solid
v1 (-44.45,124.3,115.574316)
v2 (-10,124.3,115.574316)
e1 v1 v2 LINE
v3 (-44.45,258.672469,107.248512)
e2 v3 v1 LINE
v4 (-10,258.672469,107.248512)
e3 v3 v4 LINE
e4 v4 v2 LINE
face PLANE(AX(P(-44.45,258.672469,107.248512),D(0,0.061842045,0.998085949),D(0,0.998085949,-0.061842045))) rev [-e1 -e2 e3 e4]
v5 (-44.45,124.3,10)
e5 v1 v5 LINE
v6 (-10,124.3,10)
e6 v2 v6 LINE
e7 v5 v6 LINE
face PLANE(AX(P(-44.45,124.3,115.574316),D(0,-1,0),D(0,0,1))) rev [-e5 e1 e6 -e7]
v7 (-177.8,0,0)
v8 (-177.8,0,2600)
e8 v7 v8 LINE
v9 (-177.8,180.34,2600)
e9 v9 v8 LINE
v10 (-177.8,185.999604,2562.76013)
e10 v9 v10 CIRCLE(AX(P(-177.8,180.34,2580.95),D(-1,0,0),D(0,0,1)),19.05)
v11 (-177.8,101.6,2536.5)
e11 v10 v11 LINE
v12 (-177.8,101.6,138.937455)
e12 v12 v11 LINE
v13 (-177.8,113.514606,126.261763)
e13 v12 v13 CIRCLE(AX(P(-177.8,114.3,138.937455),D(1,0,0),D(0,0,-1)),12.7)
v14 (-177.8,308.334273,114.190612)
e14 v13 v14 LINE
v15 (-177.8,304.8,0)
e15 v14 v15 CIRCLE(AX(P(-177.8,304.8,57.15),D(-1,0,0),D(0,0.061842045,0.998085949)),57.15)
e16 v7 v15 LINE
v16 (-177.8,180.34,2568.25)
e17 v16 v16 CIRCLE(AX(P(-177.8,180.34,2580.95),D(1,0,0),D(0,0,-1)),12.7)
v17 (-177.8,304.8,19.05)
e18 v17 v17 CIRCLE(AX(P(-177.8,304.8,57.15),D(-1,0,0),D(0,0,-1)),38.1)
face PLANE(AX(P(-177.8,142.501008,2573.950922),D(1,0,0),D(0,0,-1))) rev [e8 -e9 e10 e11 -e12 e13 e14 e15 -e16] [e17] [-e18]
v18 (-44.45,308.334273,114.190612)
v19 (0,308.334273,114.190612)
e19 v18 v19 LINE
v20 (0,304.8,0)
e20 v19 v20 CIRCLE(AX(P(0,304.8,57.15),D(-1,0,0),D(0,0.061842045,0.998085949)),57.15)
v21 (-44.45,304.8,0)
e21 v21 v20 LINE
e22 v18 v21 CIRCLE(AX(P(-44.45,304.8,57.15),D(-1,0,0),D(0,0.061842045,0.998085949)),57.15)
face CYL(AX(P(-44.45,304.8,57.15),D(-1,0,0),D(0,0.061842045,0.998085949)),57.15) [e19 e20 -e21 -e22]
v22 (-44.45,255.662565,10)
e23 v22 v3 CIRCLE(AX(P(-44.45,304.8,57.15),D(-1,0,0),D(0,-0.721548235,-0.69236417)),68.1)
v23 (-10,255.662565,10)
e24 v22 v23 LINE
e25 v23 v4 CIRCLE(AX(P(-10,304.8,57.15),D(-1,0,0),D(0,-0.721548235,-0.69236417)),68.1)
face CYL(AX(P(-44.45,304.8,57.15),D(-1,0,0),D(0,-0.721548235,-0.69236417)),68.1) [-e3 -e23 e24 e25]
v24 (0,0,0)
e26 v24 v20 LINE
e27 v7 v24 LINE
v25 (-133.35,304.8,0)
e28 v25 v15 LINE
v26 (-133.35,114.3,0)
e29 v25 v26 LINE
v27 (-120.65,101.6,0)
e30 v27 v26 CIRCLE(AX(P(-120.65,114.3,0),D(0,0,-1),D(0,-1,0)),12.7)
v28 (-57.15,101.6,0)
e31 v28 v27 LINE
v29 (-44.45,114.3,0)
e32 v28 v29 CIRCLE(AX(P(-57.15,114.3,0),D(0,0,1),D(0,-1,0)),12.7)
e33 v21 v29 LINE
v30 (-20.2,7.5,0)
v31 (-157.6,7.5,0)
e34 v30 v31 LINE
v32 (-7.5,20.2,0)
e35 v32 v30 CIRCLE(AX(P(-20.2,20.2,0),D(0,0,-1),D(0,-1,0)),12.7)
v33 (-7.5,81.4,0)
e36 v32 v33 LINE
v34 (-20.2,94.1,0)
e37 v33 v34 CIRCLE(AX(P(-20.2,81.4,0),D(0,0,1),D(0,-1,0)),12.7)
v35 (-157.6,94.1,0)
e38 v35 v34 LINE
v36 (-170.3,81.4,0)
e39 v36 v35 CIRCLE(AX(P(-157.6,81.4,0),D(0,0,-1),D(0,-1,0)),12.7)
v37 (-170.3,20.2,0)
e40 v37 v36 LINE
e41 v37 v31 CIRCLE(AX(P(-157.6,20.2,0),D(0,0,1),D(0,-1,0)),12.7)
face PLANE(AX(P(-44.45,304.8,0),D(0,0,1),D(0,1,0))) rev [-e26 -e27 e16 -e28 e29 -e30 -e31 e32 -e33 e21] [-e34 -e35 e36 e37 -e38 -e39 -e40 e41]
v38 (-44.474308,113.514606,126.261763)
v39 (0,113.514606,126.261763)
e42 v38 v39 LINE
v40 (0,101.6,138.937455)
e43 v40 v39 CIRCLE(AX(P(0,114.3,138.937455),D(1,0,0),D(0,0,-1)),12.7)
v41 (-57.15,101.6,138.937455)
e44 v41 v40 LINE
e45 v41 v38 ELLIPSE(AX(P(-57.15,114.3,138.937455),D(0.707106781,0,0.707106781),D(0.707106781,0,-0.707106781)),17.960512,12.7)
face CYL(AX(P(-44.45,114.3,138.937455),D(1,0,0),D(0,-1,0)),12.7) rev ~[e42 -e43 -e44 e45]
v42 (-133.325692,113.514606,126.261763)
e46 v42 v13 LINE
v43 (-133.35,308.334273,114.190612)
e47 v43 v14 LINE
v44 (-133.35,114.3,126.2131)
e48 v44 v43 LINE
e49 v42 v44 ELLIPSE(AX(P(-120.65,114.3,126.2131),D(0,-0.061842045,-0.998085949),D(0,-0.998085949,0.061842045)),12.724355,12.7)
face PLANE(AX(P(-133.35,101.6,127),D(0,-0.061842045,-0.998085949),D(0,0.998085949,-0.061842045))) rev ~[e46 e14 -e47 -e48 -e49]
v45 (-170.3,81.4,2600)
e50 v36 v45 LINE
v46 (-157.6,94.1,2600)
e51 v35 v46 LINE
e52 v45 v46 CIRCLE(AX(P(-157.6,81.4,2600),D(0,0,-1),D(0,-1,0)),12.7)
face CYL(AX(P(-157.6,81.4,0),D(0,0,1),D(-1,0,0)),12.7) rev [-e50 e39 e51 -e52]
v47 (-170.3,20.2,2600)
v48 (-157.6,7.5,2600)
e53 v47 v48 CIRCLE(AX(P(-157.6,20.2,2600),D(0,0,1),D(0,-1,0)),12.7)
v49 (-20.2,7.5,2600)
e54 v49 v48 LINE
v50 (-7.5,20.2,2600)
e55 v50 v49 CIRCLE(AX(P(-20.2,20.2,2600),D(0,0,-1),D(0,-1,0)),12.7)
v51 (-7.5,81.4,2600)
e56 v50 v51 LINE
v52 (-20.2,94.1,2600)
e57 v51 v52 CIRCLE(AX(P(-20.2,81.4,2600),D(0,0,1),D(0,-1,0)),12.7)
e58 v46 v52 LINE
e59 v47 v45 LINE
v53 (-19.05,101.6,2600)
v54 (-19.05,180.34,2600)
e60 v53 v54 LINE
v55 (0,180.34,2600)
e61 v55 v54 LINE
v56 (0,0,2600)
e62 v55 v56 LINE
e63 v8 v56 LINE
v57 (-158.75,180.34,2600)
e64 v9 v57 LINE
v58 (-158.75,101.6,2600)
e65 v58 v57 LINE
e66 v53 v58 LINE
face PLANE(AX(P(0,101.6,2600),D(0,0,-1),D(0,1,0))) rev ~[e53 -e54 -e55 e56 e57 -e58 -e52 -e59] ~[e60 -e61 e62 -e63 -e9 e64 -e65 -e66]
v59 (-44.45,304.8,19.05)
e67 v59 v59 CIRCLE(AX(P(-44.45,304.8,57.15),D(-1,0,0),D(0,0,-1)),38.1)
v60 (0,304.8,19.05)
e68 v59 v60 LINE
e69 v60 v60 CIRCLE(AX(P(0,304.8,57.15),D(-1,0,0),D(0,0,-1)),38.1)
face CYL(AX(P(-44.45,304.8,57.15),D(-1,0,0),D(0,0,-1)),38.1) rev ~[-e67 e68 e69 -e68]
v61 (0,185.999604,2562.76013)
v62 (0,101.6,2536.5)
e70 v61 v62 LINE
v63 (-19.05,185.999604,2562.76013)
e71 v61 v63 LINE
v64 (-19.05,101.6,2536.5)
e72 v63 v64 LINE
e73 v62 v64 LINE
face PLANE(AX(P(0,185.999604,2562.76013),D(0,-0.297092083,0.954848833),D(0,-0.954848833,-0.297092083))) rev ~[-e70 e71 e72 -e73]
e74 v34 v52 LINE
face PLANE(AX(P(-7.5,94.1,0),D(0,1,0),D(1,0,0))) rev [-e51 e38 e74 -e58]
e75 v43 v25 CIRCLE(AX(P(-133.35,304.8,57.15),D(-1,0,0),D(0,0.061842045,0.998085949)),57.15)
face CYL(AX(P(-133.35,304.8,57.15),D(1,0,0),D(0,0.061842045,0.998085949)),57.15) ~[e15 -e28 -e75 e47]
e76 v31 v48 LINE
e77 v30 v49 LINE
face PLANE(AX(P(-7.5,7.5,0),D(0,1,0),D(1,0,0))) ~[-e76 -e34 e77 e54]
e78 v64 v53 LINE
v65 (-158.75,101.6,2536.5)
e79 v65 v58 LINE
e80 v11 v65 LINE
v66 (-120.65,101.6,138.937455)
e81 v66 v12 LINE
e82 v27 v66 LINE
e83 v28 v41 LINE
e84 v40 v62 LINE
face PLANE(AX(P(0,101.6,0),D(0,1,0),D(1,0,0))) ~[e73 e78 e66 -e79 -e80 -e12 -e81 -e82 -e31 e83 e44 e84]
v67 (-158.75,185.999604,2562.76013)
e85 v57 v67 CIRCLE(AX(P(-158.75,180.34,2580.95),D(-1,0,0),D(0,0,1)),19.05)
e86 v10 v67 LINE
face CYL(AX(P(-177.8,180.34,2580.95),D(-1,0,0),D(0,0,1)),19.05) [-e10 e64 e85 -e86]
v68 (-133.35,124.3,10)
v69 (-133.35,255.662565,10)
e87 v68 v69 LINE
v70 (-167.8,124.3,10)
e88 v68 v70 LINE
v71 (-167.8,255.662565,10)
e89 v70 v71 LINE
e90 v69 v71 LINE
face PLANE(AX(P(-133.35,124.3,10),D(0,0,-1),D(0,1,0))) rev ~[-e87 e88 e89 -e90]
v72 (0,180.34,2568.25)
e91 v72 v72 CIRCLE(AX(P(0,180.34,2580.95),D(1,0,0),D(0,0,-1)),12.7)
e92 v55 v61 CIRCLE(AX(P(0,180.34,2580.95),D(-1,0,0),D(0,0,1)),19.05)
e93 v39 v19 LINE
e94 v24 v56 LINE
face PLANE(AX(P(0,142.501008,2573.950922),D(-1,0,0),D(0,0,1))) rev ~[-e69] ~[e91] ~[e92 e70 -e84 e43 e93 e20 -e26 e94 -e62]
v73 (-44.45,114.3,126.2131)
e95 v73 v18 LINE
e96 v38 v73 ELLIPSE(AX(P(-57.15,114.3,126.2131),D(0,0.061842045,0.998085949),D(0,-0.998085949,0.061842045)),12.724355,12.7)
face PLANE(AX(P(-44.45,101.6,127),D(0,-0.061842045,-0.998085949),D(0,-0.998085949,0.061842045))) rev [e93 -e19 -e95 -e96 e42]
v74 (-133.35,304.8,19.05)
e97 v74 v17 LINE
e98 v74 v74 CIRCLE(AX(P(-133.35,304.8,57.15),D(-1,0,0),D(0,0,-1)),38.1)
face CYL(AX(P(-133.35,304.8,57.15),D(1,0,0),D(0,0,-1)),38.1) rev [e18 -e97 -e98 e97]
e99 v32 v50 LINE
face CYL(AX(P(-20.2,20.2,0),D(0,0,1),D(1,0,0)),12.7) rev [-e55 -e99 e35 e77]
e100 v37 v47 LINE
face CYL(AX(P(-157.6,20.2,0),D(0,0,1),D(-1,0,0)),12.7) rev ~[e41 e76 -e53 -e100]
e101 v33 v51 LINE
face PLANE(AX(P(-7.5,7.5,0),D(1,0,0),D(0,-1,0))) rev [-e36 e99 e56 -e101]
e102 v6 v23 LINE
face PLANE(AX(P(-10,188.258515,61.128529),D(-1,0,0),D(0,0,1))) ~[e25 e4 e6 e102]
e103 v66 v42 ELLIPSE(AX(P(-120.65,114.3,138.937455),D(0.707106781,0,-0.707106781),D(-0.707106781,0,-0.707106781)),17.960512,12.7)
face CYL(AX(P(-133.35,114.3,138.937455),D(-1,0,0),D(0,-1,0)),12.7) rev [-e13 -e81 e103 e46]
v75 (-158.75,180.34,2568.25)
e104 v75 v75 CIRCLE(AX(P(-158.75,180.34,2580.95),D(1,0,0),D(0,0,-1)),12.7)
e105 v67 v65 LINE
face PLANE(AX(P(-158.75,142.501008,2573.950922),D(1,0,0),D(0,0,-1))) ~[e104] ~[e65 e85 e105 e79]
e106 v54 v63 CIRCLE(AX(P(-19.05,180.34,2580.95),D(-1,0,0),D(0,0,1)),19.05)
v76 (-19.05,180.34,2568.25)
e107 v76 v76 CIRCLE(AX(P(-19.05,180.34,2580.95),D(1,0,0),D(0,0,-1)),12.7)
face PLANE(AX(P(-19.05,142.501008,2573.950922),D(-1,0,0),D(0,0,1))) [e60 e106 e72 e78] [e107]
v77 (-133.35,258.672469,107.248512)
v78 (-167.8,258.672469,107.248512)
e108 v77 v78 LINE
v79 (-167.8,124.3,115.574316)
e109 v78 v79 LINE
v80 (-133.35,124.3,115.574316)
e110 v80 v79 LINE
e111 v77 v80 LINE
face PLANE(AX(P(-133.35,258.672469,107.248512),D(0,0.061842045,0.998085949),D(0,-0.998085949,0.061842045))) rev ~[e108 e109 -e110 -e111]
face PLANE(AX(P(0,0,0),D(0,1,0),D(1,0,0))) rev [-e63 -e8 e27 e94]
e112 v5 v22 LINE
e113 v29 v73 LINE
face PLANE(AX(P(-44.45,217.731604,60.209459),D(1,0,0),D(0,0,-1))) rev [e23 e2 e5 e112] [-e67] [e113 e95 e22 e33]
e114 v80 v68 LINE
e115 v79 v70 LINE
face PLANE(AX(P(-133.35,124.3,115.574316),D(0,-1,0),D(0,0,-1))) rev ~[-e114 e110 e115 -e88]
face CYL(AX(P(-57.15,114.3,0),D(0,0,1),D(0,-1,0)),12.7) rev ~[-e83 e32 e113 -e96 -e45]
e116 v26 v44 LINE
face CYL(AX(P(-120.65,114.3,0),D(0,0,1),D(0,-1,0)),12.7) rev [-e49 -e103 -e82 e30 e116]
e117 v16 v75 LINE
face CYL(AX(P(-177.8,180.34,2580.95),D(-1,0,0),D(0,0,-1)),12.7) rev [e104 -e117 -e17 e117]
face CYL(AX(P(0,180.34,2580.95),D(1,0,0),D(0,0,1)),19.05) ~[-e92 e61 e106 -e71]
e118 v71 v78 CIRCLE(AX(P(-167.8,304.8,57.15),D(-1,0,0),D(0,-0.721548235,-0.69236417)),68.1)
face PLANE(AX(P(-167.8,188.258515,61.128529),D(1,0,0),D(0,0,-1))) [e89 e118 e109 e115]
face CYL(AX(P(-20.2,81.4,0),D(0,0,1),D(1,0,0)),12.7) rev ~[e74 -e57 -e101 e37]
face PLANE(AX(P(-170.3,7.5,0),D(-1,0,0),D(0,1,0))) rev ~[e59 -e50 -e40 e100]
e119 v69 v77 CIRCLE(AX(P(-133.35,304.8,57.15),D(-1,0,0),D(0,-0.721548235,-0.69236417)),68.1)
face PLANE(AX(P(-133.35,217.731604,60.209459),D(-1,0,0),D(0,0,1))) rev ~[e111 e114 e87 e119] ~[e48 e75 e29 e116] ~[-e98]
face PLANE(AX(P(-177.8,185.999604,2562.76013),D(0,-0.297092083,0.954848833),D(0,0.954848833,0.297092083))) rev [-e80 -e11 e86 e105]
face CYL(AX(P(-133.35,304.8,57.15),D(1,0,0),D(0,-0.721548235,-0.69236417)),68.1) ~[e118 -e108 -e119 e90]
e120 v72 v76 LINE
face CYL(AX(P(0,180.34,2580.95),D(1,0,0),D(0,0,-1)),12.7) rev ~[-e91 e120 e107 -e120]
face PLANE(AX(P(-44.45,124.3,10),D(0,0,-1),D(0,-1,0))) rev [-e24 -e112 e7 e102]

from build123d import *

# Parameters (mm, degrees)
SKETCH2_W               = 177.8
SKETCH2_H               = 101.6
SKETCH2_W_2             = 162.8
SKETCH2_H_2             = 86.6
BOSS_EXTRUDE2_DEPTH     = 2600
SKETCH1_R               = 38.1
BOSS_EXTRUDE3_DEPTH     = 44.45
BOSS_EXTRUDE5_START     = -44.45
SKETCH3_R               = 38.1
BOSS_EXTRUDE5_DEPTH     = 44.45
FILLET1_R               = 12.7
FILLET2_R               = 12.7
SKETCH5_R               = 12.7
BOSS_EXTRUDE7_DEPTH     = 19.05
CUT_EXTRUDE1_DEPTH      = 34.45
CUT_EXTRUDE2_DEPTH      = 2620.044665999
CUT_EXTRUDE2_DEPTH_BACK = 2620.044665999
SKETCH9_W               = 88.9
SKETCH9_H               = 2600


with BuildPart() as part:
    # Sketch2 → Boss-Extrude2 (new body)
    with BuildSketch(Plane.XY):
        with Locations((-88.9, 50.8)):
            Rectangle(SKETCH2_W, SKETCH2_H)
        with Locations((-88.9, 50.8)):
            Rectangle(SKETCH2_W_2, SKETCH2_H_2, mode=Mode.SUBTRACT)
    extrude(amount=BOSS_EXTRUDE2_DEPTH)

    # Sketch1 → Boss-Extrude3 (add)
    with BuildSketch(Plane(origin=(0, 0, 0), x_dir=(0, 0, -1), z_dir=(1, 0, 0))):
        with BuildLine():
            Line((-127, 101.6), (0, 101.6))
            Line((0, 101.6), (0, 304.8))
            ThreePointArc((0, 304.8), (-55.382017361, 361.922646449), (-114.190611982, 308.334272869))
            Line((-114.190611982, 308.334272869), (-127, 101.6))
        make_face()
        with Locations((-57.15, 304.8)):
            Circle(SKETCH1_R, mode=Mode.SUBTRACT)
    extrude(amount=-BOSS_EXTRUDE3_DEPTH)

    # Sketch3 → Boss-Extrude5 (add)
    with BuildSketch(Plane.ZY.offset(177.8).offset(BOSS_EXTRUDE5_START)):
        with BuildLine():
            Line((0, 304.8), (0, 101.6))
            Line((0, 101.6), (127, 101.6))
            Line((127, 101.6), (114.190611982, 308.334272869))
            ThreePointArc((114.190611982, 308.334272869), (55.382017361, 361.922646449), (0, 304.8))
        make_face()
        with Locations(Location((57.15, 304.8, 0), (0, 0, 180))):
            Circle(SKETCH3_R, mode=Mode.SUBTRACT)
    extrude(amount=BOSS_EXTRUDE5_DEPTH)

    # Fillet1
    fillet1_edges = [part.edges().sort_by_distance(p)[0] for p in [
        (-7.5, 94.1, 1300),
        (-170.3, 94.1, 1300),
        (-170.3, 7.5, 1300),
        (-7.5, 7.5, 1300),
    ]]
    fillet(fillet1_edges, radius=FILLET1_R)

    # Fillet2
    fillet2_edges = [part.edges().sort_by_distance(p)[0] for p in [
        (-44.45, 101.6, 63.5),
        (-22.225, 101.6, 127),
        (-133.35, 101.6, 63.5),
        (-155.575, 101.6, 127),
    ]]
    fillet(fillet2_edges, radius=FILLET2_R)

    # Sketch5 → Boss-Extrude7 (add)
    with BuildSketch(Plane(origin=(0, 0, 0), x_dir=(0, 0, -1), z_dir=(1, 0, 0))):
        with BuildLine():
            Line((-2600, 101.6), (-2600, 180.34))
            ThreePointArc((-2600, 180.34), (-2583.812295525, 199.173740052), (-2562.760129729, 185.999604185))
            Line((-2562.760129729, 185.999604185), (-2536.5, 101.6))
            Line((-2536.5, 101.6), (-2600, 101.6))
        make_face()
        with Locations((-2580.95, 180.34)):
            Circle(SKETCH5_R, mode=Mode.SUBTRACT)
    boss_extrude7 = extrude(amount=-BOSS_EXTRUDE7_DEPTH)

    # Mirror1: Boss-Extrude7 across plane
    add(boss_extrude7.mirror(Plane.ZY.offset(88.9)))

    # Sketch8 → Cut-Extrude1 (cut)
    with BuildSketch(Plane(origin=(-133.35, 0, 0), x_dir=(0, 0, -1), z_dir=(1, 0, 0))):
        with BuildLine():
            ThreePointArc((-10, 255.662565187), (-59.256729969, 236.73259452), (-107.248511945, 258.672469165))
            Line((-107.248511945, 258.672469165), (-115.574316238, 124.3))
            Line((-115.574316238, 124.3), (-10, 124.3))
            Line((-10, 124.3), (-10, 255.662565187))
        make_face()
    extrude(amount=-CUT_EXTRUDE1_DEPTH, mode=Mode.SUBTRACT)

    # Sketch9 → Cut-Extrude2 (cut, two sides: drawn at the far end of the back side and taken through both)
    with BuildSketch(Plane(origin=(0, 101.6, 0), x_dir=(1, 0, 0), z_dir=(0, 1, 0)).offset(-CUT_EXTRUDE2_DEPTH_BACK)):
        with Locations((-44.45, -1300)):
            Rectangle(SKETCH9_W, SKETCH9_H)
    extrude(amount=CUT_EXTRUDE2_DEPTH + CUT_EXTRUDE2_DEPTH_BACK, mode=Mode.SUBTRACT)

    # Mirror2: part across plane


with BuildPart() as part_1:
    add(part.part)
    add(part.part.mirror(Plane.ZY.offset(88.9)))


solid = part_1.part
